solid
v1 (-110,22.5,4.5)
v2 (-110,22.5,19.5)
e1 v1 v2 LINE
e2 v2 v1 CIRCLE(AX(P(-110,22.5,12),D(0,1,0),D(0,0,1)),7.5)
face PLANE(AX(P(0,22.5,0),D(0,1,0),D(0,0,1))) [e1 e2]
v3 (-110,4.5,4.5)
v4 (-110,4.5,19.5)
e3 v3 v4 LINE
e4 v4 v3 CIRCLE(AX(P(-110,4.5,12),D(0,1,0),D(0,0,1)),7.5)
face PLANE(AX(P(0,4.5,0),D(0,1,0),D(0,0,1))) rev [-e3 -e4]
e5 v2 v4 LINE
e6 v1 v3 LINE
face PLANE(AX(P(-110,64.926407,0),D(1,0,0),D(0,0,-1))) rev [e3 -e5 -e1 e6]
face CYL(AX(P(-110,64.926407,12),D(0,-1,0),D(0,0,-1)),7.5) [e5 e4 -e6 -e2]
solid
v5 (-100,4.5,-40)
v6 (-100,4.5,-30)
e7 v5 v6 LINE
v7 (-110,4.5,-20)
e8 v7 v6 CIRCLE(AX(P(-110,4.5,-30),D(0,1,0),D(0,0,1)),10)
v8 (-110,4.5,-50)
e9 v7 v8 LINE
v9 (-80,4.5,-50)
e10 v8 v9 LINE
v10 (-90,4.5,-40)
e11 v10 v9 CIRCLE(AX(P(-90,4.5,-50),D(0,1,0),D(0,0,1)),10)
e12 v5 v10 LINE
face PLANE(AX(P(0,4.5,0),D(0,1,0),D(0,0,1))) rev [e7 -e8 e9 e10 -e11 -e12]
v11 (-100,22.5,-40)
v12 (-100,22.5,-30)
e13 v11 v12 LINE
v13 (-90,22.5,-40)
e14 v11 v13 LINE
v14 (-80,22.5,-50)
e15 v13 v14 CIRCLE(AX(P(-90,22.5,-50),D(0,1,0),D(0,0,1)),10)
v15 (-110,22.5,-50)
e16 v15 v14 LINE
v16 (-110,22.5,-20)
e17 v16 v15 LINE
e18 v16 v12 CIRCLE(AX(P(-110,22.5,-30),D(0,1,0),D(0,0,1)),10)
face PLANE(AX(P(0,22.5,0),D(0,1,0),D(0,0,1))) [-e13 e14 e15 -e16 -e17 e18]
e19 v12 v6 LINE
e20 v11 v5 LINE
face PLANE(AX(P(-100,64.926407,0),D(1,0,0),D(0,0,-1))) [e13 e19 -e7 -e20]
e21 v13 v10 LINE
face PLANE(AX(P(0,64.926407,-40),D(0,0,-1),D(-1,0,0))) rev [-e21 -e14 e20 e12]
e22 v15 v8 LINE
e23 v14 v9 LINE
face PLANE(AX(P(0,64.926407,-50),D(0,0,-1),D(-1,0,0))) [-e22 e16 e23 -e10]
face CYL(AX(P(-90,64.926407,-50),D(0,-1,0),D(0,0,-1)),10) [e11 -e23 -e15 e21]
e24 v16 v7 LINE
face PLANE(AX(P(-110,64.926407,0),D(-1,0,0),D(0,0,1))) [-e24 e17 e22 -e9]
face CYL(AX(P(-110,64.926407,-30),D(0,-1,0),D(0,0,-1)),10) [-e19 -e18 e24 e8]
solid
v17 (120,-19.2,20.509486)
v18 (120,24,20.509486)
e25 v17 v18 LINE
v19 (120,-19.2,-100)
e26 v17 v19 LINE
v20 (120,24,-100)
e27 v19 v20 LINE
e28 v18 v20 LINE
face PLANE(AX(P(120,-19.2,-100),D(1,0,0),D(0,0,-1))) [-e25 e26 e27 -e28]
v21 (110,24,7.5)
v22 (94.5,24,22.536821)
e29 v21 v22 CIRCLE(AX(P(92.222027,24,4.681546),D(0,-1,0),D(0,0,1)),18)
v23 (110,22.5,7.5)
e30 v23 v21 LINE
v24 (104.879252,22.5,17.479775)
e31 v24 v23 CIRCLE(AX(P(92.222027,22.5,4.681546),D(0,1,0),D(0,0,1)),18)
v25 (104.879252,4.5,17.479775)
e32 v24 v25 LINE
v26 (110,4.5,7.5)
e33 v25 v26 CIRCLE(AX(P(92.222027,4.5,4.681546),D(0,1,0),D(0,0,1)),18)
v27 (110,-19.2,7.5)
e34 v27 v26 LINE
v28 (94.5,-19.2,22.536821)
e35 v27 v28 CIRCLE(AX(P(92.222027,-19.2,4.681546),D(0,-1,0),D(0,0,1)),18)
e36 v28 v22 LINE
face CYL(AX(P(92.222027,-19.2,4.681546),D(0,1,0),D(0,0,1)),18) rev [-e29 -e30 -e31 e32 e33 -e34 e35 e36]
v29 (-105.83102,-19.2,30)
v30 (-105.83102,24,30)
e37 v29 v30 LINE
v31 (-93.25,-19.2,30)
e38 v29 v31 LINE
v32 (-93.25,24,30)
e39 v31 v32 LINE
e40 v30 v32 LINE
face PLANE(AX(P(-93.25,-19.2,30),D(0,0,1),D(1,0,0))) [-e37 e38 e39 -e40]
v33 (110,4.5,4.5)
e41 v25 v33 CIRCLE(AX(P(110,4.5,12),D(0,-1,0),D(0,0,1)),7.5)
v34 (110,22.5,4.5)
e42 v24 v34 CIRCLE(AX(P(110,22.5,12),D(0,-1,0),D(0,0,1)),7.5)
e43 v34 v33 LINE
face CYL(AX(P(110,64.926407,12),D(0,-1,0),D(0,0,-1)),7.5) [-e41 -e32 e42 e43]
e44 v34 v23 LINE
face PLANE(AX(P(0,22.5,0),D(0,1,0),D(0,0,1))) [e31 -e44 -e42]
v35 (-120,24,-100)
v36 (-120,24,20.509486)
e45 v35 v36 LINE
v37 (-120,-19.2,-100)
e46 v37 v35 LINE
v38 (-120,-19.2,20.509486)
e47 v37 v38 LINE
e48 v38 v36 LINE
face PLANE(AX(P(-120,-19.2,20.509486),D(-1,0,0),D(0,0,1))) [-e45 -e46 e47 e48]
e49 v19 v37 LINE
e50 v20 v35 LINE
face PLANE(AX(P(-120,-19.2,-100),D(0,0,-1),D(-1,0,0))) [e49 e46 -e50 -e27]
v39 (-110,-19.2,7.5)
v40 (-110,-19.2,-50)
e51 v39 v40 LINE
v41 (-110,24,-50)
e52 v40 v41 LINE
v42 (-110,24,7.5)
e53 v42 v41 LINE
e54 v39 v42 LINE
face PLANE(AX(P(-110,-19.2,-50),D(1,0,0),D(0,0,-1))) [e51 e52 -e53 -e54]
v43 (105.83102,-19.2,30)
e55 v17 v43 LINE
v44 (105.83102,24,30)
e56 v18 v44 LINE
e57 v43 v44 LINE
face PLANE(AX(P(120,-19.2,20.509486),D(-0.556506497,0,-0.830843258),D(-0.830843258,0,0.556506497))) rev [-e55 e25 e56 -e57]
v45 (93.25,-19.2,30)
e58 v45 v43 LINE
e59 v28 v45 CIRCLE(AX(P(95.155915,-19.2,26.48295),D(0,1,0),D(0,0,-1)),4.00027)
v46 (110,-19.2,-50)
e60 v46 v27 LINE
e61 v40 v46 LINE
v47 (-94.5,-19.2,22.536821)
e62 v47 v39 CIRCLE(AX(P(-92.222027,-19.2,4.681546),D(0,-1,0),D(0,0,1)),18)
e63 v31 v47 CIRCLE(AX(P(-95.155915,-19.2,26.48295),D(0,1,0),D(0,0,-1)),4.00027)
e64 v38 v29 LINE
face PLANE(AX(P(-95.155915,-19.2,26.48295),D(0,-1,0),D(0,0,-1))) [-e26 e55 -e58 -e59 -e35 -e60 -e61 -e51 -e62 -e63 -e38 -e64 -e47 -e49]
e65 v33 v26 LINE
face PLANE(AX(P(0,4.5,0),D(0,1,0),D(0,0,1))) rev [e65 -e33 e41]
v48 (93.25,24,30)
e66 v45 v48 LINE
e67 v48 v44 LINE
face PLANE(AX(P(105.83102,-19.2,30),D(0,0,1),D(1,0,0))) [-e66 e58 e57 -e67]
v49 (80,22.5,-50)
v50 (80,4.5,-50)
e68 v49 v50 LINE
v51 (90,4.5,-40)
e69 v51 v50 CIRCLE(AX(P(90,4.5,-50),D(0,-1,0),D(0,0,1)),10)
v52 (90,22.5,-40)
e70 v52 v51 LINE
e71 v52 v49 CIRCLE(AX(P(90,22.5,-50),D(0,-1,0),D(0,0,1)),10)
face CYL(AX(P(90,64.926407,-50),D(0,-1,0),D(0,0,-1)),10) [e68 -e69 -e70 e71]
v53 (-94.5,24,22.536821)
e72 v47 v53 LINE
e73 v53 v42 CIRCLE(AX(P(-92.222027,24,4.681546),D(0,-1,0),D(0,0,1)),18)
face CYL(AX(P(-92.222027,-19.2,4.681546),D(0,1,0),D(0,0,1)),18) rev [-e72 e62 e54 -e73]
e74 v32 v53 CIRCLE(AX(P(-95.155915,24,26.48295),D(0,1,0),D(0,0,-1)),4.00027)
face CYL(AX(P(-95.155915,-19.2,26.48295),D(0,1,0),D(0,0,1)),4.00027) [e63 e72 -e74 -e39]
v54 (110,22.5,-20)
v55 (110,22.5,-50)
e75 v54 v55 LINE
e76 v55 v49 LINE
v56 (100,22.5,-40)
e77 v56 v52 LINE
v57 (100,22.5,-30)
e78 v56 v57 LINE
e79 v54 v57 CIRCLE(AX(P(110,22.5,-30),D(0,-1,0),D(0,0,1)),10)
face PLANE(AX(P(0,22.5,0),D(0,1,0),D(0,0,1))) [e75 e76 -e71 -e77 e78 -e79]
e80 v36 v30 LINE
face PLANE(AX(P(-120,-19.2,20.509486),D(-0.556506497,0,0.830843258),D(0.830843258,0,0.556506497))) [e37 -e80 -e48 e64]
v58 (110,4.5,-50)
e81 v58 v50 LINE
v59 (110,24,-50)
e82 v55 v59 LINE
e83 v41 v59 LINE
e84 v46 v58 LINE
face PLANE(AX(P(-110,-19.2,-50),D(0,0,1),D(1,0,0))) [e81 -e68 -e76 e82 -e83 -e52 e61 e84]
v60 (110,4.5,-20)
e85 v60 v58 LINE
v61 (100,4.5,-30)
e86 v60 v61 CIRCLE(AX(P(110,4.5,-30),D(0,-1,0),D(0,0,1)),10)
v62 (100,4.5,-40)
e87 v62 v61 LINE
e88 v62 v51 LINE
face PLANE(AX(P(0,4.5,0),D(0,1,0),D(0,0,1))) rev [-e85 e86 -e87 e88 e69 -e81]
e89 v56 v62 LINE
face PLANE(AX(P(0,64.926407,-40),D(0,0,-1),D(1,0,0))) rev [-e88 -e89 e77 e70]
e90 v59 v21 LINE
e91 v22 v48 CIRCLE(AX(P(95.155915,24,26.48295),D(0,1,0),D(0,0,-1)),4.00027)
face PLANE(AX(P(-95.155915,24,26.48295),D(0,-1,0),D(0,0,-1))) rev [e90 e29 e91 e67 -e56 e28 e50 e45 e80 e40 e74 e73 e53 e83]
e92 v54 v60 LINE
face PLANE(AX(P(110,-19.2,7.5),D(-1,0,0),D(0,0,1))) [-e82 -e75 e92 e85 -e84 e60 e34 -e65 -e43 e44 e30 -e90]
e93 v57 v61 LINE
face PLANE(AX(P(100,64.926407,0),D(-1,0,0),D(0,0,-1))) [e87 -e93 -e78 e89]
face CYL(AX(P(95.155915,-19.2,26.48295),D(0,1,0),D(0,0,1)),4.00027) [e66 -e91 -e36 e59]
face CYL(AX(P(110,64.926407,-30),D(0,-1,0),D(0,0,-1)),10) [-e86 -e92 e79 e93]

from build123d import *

# Parameters (mm, degrees)
BOSS_EXTRUDE1_START   = -19.2
BOSS_EXTRUDE1_DEPTH   = 43.2
SKETCH4_W             = 194
SKETCH4_H             = 38
CUT_EXTRUDE1_DEPTH    = 41.2
CUT_EXTRUDE2_DEPTH    = 21
SKETCH7_R             = 8
CUT_EXTRUDE3_DEPTH    = 21
BOSS_EXTRUDE3_DEPTH   = 18
BOSS_EXTRUDE3_2_DEPTH = 18


with BuildPart() as part:
    # Sketch1 → Boss-Extrude1 (new body)
    with BuildSketch(Plane(origin=(0, 0, 0), x_dir=(1, 0, 0), z_dir=(0, 1, 0)).offset(BOSS_EXTRUDE1_START)):
        with BuildLine():
            Line((-110, 50), (-110, -7.5))
            ThreePointArc((-110, -7.5), (-104.755451902, -17.601037804), (-94.5, -22.536820999))
            ThreePointArc((-94.5, -22.536820999), (-91.210601206, -25.822153148), (-93.25, -30))
            Line((-93.25, -30), (-105.831019797, -30))
            Line((-105.831019797, -30), (-120, -20.509486036))
            Line((-120, -20.509486036), (-120, 50))
            Line((-120, 50), (-120, 100))
            Line((-120, 100), (120, 100))
            Line((120, 100), (120, 50))
            Line((120, 50), (120, -8.2))
            Line((120, -8.2), (105.831019797, -30))
            Line((105.831019797, -30), (93.25, -30))
            ThreePointArc((93.25, -30), (91.210601206, -25.822153148), (94.5, -22.536820999))
            ThreePointArc((94.5, -22.536820999), (104.755451902, -17.601037804), (110, -7.5))
            Line((110, -7.5), (110, 50))
            Line((110, 50), (-110, 50))
        make_face()
    boss_extrude1 = extrude(amount=BOSS_EXTRUDE1_DEPTH)

    # Sketch4 → Cut-Extrude1 (cut)
    with BuildSketch(Plane(origin=(0, 24, 0), x_dir=(1, 0, 0), z_dir=(0, 1, 0))):
        with Locations((0, 75)):
            Rectangle(SKETCH4_W, SKETCH4_H)
    extrude(amount=-CUT_EXTRUDE1_DEPTH, mode=Mode.SUBTRACT)

    # Sketch5 → Cut-Extrude2 (cut)
    with BuildSketch(Plane(origin=(-97, 0, 0), x_dir=(0, 0, -1), z_dir=(1, 0, 0))):
        with BuildLine():
            Line((79.502499306, 11.5), (88.035, 11.5))
            Line((88.035, 11.5), (88.035, -11.5))
            Line((88.035, -11.5), (79.502499306, -11.5))
            ThreePointArc((79.502499306, -11.5), (75, -12.35), (70.497500694, -11.5))
            Line((70.497500694, -11.5), (61.965, -11.5))
            Line((61.965, -11.5), (61.965, 11.5))
            Line((61.965, 11.5), (70.497500694, 11.5))
            ThreePointArc((70.497500694, 11.5), (75, 12.35), (79.502499306, 11.5))
        make_face()
    cut_extrude2 = extrude(amount=-CUT_EXTRUDE2_DEPTH, mode=Mode.SUBTRACT)

    # Sketch7 → Cut-Extrude3 (cut)
    with BuildSketch(Plane(origin=(-118, 0, 0), x_dir=(0, 0, -1), z_dir=(1, 0, 0))):
        with Locations((75, 0)):
            Circle(SKETCH7_R)
    cut_extrude3 = extrude(amount=-CUT_EXTRUDE3_DEPTH, mode=Mode.SUBTRACT)

    # Mirror1: Cut-Extrude2, Cut-Extrude3 across plane
    add(cut_extrude2.mirror(Plane(origin=(0, 0, 0), x_dir=(0, 0, 1), z_dir=(1, 0, 0))), mode=Mode.SUBTRACT)
    add(cut_extrude3.mirror(Plane(origin=(0, 0, 0), x_dir=(0, 0, 1), z_dir=(1, 0, 0))), mode=Mode.SUBTRACT)

    # Mirror4: Boss-Extrude1 across plane
    add(boss_extrude1.mirror(Plane(origin=(0, 0, 0), x_dir=(0, 0, 1), z_dir=(1, 0, 0))))


with BuildPart() as body_2:
    # Sketch8 → Boss-Extrude3 (new body)
    with BuildSketch(Plane(origin=(0, 4.5, 0), x_dir=(1, 0, 0), z_dir=(0, 1, 0))):
        with BuildLine():
            Line((-110, -4.5), (-110, -19.5))
            ThreePointArc((-110, -19.5), (-102.5, -12), (-110, -4.5))
        make_face()
    boss_extrude3 = extrude(amount=BOSS_EXTRUDE3_DEPTH)


with BuildPart() as body_3:
    # Sketch8 → Boss-Extrude3 2 (new body)
    with BuildSketch(Plane(origin=(0, 4.5, 0), x_dir=(1, 0, 0), z_dir=(0, 1, 0))):
        with BuildLine():
            Line((-80, 50), (-90, 50))
            Line((-90, 50), (-110, 50))
            Line((-110, 50), (-110, 30))
            Line((-110, 30), (-110, 20))
            ThreePointArc((-110, 20), (-102.928932188, 22.928932188), (-100, 30))
            Line((-100, 30), (-100, 40))
            Line((-100, 40), (-90, 40))
            ThreePointArc((-90, 40), (-82.928932188, 42.928932188), (-80, 50))
        make_face()
    boss_extrude3_2 = extrude(amount=BOSS_EXTRUDE3_2_DEPTH)


with BuildPart() as part_1:
    add(part.part)

    # Mirror2: Boss-Extrude3, Boss-Extrude3 2 across plane
    add(boss_extrude3.mirror(Plane(origin=(0, 0, 0), x_dir=(0, 0, 1), z_dir=(1, 0, 0))))
    add(boss_extrude3_2.mirror(Plane(origin=(0, 0, 0), x_dir=(0, 0, 1), z_dir=(1, 0, 0))))


solid = Compound([body_2.part, body_3.part, part_1.part])
